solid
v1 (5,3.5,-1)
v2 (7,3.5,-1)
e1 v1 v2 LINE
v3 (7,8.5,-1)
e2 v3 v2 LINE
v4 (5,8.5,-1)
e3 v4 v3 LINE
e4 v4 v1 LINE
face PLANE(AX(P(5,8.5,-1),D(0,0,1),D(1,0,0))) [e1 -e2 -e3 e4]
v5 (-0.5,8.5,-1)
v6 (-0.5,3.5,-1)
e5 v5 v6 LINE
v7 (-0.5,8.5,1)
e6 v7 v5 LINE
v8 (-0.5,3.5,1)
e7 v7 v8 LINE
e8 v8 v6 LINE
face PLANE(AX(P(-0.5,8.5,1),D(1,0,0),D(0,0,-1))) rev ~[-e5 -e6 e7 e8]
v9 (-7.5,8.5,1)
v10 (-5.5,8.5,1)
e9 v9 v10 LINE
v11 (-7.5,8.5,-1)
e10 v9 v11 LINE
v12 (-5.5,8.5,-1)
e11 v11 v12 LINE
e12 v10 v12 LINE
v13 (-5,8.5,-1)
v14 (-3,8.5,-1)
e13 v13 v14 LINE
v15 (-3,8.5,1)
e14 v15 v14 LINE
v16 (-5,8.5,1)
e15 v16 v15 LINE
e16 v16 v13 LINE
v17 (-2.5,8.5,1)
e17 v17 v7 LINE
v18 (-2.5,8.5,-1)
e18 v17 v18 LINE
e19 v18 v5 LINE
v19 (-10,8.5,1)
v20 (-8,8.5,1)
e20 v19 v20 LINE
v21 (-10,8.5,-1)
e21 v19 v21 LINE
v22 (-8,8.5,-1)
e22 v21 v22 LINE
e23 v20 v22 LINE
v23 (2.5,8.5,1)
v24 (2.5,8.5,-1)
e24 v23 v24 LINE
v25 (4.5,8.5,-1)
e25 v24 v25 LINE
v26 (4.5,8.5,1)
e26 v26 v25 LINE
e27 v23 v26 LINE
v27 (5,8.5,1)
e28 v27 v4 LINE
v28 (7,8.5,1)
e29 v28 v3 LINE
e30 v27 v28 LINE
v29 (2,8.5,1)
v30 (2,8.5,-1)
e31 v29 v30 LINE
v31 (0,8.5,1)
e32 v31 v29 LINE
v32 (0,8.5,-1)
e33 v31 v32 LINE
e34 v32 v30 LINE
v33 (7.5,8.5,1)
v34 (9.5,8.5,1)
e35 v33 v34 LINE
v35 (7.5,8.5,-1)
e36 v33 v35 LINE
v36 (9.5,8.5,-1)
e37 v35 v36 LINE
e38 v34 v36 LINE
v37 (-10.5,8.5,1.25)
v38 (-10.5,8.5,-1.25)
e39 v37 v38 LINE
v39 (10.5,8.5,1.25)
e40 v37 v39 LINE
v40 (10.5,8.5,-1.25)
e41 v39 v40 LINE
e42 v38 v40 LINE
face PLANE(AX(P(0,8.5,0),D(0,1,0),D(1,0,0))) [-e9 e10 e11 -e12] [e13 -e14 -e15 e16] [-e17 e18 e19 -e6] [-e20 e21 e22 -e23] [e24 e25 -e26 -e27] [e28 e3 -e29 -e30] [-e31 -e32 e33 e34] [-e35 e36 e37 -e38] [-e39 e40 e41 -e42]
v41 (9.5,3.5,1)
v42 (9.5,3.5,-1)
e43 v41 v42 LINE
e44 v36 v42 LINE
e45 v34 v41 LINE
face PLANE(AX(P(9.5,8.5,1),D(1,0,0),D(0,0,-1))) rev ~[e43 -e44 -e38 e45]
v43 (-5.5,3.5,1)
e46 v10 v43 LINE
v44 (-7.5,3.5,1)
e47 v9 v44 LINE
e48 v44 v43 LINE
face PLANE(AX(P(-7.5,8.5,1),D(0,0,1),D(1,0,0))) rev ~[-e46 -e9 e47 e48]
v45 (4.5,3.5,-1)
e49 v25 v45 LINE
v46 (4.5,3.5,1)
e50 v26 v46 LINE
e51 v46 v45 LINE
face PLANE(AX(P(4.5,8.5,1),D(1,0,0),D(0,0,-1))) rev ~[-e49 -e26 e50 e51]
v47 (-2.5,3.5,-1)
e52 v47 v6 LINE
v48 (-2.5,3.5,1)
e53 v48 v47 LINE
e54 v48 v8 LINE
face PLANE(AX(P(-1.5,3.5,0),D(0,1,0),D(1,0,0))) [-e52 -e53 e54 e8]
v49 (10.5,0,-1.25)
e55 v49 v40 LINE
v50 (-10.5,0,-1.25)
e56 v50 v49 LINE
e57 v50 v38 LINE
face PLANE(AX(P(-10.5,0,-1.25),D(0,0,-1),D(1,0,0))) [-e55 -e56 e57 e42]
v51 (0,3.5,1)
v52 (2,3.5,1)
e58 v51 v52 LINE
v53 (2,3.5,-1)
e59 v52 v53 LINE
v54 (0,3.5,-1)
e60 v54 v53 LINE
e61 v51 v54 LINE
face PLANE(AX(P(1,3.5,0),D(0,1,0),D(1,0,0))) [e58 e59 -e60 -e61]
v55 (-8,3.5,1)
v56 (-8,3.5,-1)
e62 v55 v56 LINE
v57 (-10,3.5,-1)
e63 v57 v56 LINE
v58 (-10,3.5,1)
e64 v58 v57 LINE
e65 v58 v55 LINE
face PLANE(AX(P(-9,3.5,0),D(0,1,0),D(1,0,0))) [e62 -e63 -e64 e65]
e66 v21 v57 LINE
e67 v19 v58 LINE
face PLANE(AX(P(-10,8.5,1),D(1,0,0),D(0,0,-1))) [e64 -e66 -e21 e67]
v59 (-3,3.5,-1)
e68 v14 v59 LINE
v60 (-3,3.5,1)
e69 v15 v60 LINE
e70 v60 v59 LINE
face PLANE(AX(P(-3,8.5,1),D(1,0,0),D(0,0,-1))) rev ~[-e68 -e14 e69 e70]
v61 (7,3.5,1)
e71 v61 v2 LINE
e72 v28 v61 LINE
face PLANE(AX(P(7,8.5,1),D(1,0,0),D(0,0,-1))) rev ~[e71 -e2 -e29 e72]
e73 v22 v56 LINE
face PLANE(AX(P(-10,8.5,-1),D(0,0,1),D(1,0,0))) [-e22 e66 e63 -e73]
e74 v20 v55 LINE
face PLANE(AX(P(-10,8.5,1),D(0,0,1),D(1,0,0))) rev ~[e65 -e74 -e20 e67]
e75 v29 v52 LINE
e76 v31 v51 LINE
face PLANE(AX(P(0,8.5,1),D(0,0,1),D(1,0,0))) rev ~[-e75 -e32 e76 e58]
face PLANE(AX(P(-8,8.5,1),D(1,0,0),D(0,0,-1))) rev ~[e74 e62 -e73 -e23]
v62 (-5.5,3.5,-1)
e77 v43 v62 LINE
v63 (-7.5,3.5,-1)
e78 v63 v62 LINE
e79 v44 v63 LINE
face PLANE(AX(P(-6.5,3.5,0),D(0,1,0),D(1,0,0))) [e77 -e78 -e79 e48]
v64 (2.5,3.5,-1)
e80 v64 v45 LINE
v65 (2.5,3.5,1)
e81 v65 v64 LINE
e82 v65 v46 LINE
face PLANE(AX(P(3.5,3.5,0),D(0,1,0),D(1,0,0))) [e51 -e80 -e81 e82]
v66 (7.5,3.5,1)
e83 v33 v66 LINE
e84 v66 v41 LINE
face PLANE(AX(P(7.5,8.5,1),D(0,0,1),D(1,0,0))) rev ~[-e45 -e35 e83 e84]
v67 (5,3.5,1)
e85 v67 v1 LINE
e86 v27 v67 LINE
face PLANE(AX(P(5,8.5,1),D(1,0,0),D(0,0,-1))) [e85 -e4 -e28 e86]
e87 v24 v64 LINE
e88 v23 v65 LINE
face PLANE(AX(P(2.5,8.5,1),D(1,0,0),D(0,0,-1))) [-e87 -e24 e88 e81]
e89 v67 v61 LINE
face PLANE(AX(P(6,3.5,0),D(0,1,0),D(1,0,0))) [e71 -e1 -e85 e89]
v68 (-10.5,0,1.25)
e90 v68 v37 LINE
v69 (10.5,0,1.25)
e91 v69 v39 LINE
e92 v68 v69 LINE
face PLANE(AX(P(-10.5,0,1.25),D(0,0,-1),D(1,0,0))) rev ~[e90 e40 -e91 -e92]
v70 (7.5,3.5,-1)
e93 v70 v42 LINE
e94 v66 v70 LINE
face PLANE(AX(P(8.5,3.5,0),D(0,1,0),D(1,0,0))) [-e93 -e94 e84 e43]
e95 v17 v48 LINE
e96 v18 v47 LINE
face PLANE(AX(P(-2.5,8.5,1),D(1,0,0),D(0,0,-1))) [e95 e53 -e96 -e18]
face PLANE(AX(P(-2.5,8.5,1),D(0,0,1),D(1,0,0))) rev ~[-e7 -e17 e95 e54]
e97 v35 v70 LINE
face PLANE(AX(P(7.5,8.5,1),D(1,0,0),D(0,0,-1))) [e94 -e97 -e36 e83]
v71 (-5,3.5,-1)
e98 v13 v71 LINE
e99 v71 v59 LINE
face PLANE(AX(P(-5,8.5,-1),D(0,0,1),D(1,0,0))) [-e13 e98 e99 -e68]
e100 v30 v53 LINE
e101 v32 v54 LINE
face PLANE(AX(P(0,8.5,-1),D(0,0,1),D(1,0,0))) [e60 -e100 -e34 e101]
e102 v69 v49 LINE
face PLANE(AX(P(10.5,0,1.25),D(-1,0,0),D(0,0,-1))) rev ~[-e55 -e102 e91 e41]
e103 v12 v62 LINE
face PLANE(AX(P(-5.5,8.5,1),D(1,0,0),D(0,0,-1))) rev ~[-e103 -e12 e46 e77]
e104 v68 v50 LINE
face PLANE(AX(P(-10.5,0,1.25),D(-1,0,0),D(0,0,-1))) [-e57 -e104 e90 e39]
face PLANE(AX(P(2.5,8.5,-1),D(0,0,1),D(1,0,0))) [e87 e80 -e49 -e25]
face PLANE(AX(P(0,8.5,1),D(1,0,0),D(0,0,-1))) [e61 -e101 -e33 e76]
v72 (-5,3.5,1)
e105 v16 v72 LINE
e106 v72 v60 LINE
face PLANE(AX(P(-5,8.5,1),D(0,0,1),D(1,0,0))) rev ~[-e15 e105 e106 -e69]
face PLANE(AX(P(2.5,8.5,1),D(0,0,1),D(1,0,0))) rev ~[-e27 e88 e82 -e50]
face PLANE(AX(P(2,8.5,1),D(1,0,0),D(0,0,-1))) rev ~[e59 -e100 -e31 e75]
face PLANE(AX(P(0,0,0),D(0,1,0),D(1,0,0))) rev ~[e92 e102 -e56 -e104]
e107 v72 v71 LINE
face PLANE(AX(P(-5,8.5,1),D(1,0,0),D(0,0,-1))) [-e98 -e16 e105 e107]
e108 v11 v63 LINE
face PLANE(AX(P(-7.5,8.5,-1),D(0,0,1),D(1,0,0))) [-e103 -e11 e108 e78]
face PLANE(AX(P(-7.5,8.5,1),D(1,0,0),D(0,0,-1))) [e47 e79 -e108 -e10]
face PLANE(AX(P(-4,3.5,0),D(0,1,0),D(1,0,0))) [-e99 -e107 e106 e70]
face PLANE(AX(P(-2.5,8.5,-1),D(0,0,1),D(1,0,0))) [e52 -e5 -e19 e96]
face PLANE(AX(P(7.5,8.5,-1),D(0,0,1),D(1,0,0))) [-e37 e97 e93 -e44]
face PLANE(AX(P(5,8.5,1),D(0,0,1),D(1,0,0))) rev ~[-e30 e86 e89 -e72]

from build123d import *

# Parameters (mm, degrees)
SKETCH1_W           = 21
SKETCH1_H           = 2.5
BOSS_EXTRUDE1_DEPTH = 8.5
SKETCH2_W           = 2
SKETCH2_H           = 2
CUT_EXTRUDE1_DEPTH  = 5


with BuildPart() as part:
    # Sketch1 → Boss-Extrude1 (new body)
    with BuildSketch(Plane(origin=(0, 0, 0), x_dir=(1, 0, 0), z_dir=(0, 1, 0))):
        Rectangle(SKETCH1_W, SKETCH1_H)
    extrude(amount=BOSS_EXTRUDE1_DEPTH)

    # Sketch2 → Cut-Extrude1 (cut)
    with BuildSketch(Plane(origin=(0, 8.5, 0), x_dir=(1, 0, 0), z_dir=(0, 1, 0))):
        with Locations((-6.5, 0)):
            Rectangle(SKETCH2_W, SKETCH2_H)
        with Locations((-9, 0)):
            Rectangle(SKETCH2_W, SKETCH2_H)
        with Locations((-4, 0)):
            Rectangle(SKETCH2_W, SKETCH2_H)
        with Locations((-1.5, 0)):
            Rectangle(SKETCH2_W, SKETCH2_H)
        with Locations((1, 0)):
            Rectangle(SKETCH2_W, SKETCH2_H)
        with Locations((3.5, 0)):
            Rectangle(SKETCH2_W, SKETCH2_H)
        with Locations((6, 0)):
            Rectangle(SKETCH2_W, SKETCH2_H)
        with Locations((8.5, 0)):
            Rectangle(SKETCH2_W, SKETCH2_H)
    extrude(amount=-CUT_EXTRUDE1_DEPTH, mode=Mode.SUBTRACT)


solid = part.part
